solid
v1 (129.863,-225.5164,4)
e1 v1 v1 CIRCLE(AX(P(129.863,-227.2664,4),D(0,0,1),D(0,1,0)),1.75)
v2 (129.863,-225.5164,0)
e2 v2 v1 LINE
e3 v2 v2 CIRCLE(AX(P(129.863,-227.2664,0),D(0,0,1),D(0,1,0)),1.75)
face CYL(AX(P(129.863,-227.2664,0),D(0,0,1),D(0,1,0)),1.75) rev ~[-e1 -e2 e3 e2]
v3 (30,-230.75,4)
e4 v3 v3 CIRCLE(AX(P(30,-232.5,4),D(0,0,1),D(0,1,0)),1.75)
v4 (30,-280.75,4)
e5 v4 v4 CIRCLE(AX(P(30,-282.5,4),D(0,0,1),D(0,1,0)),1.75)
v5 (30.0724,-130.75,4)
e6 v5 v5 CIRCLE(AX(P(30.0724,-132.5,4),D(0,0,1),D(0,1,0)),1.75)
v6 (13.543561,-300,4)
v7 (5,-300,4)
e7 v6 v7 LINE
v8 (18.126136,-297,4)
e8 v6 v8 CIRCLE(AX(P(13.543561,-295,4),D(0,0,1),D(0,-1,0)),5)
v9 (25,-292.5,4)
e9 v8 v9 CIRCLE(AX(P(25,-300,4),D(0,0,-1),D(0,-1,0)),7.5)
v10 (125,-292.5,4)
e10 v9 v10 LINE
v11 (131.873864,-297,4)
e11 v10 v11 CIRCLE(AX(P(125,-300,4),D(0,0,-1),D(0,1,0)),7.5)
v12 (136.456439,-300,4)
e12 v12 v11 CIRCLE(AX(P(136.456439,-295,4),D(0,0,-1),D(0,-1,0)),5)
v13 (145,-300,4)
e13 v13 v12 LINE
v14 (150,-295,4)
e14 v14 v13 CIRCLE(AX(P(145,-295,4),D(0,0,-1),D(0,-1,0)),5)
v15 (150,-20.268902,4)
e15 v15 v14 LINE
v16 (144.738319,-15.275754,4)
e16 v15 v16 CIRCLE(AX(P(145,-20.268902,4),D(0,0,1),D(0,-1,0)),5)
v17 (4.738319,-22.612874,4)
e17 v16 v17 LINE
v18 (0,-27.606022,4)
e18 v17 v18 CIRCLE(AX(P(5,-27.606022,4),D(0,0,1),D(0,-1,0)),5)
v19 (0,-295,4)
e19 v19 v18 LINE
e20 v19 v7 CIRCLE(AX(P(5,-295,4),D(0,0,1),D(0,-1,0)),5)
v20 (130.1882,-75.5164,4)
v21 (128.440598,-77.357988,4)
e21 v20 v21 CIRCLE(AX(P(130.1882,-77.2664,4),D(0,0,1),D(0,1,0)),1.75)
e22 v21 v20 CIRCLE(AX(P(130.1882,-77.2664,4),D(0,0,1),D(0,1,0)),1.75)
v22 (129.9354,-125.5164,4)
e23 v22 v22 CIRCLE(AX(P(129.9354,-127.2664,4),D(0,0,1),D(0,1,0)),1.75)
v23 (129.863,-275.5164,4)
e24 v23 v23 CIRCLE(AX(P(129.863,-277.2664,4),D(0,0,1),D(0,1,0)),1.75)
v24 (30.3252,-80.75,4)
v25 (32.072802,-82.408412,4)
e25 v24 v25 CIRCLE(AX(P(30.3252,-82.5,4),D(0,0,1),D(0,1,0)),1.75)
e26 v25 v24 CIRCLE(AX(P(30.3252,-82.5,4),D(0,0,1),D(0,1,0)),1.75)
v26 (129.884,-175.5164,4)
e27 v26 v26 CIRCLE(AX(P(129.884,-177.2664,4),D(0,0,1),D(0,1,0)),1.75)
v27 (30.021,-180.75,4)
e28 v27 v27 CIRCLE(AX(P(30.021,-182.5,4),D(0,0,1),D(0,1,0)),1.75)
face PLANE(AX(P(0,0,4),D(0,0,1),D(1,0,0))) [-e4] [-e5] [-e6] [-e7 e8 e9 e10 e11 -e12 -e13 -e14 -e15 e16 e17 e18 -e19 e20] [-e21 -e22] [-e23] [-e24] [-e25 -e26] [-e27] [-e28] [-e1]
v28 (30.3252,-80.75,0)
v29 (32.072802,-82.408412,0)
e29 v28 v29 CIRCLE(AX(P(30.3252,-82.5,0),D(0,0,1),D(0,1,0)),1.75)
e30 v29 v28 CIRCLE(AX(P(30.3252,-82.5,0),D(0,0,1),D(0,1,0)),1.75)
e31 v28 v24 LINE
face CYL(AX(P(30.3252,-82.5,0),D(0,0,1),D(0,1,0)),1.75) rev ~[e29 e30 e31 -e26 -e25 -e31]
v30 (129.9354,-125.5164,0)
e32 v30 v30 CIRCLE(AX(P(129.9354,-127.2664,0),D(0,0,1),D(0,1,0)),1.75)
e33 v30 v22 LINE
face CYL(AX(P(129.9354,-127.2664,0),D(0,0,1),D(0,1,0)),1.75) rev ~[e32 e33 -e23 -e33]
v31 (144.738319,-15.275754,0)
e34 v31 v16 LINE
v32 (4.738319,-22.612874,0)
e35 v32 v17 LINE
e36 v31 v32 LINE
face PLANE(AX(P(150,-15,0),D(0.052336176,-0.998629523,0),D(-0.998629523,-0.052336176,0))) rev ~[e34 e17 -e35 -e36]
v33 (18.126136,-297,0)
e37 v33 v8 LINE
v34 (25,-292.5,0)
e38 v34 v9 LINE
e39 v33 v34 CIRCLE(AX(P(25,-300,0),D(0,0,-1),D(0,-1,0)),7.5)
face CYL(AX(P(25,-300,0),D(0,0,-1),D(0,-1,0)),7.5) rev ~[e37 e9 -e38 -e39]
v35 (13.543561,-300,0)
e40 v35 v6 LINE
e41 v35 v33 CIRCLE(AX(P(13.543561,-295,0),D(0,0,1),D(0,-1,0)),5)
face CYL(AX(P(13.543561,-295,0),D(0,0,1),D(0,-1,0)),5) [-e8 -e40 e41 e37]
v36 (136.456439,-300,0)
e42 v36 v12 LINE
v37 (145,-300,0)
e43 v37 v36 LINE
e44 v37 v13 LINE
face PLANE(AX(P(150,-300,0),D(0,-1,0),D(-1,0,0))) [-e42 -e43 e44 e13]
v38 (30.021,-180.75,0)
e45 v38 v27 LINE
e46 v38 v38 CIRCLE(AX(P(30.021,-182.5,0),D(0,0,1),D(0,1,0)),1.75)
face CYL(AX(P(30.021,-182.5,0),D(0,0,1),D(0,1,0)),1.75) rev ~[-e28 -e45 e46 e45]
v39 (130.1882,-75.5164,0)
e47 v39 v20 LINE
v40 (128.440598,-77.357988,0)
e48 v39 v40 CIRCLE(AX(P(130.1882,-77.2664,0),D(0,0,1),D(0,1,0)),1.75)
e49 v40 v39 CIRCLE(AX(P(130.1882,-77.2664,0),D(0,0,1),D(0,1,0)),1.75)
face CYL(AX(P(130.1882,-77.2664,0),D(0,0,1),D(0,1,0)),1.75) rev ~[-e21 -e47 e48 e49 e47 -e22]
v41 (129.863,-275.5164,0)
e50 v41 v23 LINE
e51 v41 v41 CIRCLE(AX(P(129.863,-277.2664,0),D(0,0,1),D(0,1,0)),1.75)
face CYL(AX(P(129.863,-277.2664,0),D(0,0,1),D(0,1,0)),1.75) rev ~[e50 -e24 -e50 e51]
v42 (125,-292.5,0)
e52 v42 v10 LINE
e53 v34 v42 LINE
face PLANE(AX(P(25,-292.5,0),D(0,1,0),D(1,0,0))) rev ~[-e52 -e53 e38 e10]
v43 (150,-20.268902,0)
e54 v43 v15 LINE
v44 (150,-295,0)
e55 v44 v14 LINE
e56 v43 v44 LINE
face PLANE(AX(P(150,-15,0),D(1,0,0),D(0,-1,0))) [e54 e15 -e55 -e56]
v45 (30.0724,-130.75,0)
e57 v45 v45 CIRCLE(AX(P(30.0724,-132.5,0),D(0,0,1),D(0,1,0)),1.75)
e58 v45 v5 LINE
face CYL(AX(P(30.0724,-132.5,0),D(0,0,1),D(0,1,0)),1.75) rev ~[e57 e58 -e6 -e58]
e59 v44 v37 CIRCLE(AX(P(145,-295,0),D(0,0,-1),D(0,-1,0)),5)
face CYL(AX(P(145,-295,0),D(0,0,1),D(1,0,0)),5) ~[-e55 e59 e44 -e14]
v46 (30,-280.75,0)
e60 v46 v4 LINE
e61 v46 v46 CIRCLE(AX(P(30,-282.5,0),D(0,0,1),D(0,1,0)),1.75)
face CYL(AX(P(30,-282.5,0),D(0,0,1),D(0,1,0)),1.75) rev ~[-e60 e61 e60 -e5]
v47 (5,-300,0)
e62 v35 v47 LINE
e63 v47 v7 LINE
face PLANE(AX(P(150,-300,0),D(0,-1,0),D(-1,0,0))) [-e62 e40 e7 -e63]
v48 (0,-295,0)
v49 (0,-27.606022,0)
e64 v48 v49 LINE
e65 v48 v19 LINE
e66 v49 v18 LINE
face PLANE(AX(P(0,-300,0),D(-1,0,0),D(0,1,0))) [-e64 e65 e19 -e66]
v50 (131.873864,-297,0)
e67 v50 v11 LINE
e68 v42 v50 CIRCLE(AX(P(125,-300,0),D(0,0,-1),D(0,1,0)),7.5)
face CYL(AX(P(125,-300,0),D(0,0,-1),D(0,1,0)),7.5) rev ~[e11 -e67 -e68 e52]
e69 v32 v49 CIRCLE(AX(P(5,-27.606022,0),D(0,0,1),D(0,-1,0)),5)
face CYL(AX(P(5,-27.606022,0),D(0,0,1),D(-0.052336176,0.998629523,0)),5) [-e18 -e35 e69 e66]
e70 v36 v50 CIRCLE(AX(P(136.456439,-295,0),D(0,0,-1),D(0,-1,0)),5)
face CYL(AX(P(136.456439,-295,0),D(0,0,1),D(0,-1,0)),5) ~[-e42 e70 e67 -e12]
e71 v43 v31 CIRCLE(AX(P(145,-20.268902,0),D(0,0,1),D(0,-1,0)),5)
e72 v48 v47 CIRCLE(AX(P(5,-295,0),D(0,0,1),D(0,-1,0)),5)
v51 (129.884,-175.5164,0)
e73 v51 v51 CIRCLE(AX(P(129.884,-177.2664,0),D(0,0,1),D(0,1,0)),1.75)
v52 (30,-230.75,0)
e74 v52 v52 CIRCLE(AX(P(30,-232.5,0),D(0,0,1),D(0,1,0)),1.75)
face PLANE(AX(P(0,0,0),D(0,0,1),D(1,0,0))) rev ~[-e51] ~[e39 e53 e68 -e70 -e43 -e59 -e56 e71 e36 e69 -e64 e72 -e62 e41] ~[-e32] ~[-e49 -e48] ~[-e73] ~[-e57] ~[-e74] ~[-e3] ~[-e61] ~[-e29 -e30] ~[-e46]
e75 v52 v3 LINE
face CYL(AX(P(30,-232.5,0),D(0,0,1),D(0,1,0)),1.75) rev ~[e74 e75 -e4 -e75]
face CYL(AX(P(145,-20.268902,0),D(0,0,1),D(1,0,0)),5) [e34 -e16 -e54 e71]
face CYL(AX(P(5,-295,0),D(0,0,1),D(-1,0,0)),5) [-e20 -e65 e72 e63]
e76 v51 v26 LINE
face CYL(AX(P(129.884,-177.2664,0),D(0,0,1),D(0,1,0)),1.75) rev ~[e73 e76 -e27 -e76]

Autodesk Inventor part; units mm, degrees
ref_plane "YZ Plane" through (0, 0, 0) normal (1, 0, 0) x (0, 1, 0)
ref_plane "XZ Plane" through (0, 0, 0) normal (0, 1, 0) x (-1, 0, 0)
ref_plane "XY Plane" through (0, 0, 0) normal (0, 0, 1) x (1, 0, 0)
sketch "スケッチ1" plane through (0, 0, 0) normal (0, 0, 1) x (1, 0, 0)
  line L0 (0, 0) -> (150, 0)
  line L1 (150, 0) -> (150, -300)
  line L2 (150, -300) -> (0, -300)
  line L3 (0, -300) -> (0, 0)
  line L4 (150, -15) -> (0, -22.8612)
  circle A0 centre (130.1882, -77.2664) radius 1.75 projected
  circle A1 centre (30.3252, -82.5) radius 1.75 projected
  line L5 (130.1882, -77.2664) -> (30.3252, -82.5)
  dimension "d2" = 150
  dimension "d3" = 300
  dimension "d68" = 15
extrude "押し出し1" add sketch "スケッチ1" along normal blind 4 contours L4 L1 L2 L3 | A0 | A1
sketch "スケッチ2" plane through (0, 0, 0) normal (0, 0, -1) x (-1, 0, 0)
  line L0 (-125, -300) -> (-25, -300) construction
  line L1 (0, -300) -> (-150, -300) projected
  line L2 (-125, -307.5) -> (-25, -307.5)
  line L3 (-25, -292.5) -> (-125, -292.5)
  arc A0 (-125, -292.5) -> (-125, -307.5) centre (-125, -300) ccw
  arc A1 (-25, -307.5) -> (-25, -292.5) centre (-25, -300) ccw
  point P0 (0, 0)
  point P1 (-75, -300)
  point P2 (-132.5, -300)
  point P3 (-17.5, -300)
  dimension "d4" = 50
  dimension "d5" = 15
extrude "押し出し2" cut sketch "スケッチ2" against normal blind 4 contours L1 A0 L3 A1
fillet "フィレット1" radius 5 4 edges at (150, -300, 2) (132.5, -300, 2) (17.5, -300, 2) (0, -300, 2)
sketch "スケッチ3" plane through (0, 0, 0) normal (0, 0, -1) x (-1, 0, 0)
  line L0 (0, 0) -> (0, -295) projected
  line L1 (-125, -292.5) -> (-25, -292.5) projected
  line L2 (-129.863, -277.2664) -> (-30, -282.5)
  line L3 (-129.9354, -127.2664) -> (-30.0724, -132.5)
  line L4 (-129.884, -177.2664) -> (-30.021, -182.5)
  line L5 (-130.1882, -77.2664) -> (-30.3252, -82.5)
  line L6 (-150, 0) -> (0, 0) projected
  line L7 (-129.863, -227.2664) -> (-30, -232.5)
  dimension "d16" = 30
  dimension "d17" = 10
  dimension "d18" = 100
  dimension "d19" = 3
  dimension "d61" = 50
  dimension "d65" = 50
  dimension "d66" = 50
  dimension "d67" = 50
hole "穴1" at (30, -282.5, 0) at (129.863, -277.2664, 0) at (129.863, -227.2664, 0) at (129.9354, -127.2664, 0) at (30.0724, -132.5, 0) at (129.884, -177.2664, 0) at (30.021, -182.5, 0) at (130.1882, -77.2664, 0) at (30.3252, -82.5, 0) at (30, -232.5, 0) direction (0, 0, 1) diameter 3.5 end through all
fillet "フィレット2" radius 5 2 edges at (150, -15, 2) (0, -22.8612, 2)
properties part number "side_panel" material "木材(サクラ)"
